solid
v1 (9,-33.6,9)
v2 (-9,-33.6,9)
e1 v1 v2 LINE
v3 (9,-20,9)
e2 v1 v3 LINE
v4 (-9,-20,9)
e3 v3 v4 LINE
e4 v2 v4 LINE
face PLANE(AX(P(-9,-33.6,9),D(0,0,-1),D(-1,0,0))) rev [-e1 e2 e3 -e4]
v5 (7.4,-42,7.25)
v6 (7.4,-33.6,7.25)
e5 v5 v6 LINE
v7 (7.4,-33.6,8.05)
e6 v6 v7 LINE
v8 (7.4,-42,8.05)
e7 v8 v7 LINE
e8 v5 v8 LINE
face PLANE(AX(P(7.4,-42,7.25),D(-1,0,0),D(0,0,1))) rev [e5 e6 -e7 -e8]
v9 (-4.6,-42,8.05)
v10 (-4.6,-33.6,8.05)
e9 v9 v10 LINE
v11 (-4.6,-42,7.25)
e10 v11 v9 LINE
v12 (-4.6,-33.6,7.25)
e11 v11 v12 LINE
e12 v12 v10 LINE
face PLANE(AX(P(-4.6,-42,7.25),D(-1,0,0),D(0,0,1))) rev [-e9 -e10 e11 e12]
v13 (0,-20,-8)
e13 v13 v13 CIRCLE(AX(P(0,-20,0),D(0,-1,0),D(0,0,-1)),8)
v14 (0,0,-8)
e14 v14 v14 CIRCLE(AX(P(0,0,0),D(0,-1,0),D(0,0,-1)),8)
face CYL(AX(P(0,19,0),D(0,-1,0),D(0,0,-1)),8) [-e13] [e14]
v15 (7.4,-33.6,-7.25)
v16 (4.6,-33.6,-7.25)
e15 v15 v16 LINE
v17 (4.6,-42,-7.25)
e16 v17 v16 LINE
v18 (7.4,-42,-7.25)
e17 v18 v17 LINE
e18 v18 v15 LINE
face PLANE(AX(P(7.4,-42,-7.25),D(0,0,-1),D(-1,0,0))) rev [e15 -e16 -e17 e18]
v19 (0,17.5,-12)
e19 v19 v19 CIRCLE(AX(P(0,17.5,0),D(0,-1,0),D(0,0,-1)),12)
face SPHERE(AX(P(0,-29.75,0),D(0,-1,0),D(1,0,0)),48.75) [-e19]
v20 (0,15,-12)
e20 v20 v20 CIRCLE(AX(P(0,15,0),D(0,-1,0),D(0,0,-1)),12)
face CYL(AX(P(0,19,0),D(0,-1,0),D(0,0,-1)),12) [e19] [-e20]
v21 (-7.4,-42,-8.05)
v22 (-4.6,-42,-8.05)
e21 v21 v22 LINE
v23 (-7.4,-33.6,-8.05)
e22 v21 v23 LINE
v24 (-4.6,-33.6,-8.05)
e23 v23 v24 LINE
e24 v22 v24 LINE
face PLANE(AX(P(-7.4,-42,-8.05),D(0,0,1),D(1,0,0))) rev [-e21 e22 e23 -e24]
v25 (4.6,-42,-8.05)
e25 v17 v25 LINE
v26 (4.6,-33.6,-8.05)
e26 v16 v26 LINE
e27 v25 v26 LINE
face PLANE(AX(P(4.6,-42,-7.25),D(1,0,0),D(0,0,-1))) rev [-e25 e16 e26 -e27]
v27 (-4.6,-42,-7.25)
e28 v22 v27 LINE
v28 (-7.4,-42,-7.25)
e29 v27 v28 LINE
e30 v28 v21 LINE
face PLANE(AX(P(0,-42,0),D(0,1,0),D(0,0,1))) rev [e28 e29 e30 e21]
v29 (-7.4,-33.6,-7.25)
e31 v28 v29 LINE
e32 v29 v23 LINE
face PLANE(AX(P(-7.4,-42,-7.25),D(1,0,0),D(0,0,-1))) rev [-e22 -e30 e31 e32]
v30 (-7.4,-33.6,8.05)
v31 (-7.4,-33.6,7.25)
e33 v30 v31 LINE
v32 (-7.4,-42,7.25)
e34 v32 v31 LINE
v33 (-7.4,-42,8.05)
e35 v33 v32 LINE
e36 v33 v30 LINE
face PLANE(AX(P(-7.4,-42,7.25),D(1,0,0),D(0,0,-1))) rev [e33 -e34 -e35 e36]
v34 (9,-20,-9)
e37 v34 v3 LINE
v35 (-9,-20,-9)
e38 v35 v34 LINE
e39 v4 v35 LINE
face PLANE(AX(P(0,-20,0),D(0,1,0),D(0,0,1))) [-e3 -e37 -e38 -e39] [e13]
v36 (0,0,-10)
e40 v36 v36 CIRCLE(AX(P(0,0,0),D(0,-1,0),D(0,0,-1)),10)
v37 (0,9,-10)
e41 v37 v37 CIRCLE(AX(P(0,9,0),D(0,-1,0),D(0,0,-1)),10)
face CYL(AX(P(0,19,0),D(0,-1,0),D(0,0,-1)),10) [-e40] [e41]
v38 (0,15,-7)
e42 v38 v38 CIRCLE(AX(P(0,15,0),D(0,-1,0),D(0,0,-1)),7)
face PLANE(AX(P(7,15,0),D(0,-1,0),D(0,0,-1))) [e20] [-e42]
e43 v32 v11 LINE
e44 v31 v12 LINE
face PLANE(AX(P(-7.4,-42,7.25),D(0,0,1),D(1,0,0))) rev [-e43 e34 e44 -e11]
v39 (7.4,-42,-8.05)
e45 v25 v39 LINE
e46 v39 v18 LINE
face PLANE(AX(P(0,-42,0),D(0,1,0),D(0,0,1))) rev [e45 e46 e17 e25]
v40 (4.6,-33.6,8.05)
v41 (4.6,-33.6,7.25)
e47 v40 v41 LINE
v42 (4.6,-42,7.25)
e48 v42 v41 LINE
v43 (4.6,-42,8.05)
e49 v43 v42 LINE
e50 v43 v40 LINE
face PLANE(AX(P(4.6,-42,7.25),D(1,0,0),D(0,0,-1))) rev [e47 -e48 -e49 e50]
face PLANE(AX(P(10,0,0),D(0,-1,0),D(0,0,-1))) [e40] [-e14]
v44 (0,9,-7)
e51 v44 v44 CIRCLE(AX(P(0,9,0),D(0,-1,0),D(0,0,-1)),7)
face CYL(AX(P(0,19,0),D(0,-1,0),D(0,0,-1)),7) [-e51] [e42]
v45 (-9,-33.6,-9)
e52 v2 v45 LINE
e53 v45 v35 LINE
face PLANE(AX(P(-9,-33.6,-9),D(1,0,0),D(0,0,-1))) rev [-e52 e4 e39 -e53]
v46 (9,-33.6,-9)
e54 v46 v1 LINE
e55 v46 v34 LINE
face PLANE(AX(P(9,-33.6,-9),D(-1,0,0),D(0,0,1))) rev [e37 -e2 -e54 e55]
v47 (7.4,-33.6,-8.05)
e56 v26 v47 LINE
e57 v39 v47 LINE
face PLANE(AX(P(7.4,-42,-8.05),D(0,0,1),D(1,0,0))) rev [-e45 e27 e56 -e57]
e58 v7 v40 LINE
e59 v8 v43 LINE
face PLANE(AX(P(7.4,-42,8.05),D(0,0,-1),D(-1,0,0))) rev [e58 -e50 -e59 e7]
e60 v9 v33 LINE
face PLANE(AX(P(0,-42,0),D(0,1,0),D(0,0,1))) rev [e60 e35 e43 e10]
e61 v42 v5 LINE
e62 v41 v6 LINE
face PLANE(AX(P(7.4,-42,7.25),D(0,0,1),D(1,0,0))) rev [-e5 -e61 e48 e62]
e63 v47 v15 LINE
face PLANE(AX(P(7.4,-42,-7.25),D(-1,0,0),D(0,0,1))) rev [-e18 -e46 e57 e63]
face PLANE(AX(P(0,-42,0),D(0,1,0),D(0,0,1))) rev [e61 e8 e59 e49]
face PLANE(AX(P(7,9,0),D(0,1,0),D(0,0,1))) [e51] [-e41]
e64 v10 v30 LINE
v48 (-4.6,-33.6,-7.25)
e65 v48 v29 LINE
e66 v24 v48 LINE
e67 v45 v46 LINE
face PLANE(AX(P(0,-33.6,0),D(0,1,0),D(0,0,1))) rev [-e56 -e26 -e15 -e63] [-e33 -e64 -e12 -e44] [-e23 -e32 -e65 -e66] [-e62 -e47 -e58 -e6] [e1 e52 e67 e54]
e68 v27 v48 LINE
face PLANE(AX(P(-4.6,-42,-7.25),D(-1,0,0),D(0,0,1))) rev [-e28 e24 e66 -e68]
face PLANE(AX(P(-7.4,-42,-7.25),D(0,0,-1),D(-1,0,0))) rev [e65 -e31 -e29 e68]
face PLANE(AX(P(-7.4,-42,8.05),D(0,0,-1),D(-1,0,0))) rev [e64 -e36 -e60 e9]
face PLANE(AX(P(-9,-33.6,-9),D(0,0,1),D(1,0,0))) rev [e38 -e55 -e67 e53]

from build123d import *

# Parameters (mm, degrees)
ESQUISSE2_W        = 18
ESQUISSE2_H        = 18
BOSS_EXTRU_1_DEPTH = 13.6
ESQUISSE3_W        = 2.8
ESQUISSE3_H        = 0.8
BOSS_EXTRU_2_DEPTH = 8.4


with BuildPart() as part:
    # Esquisse1 → Révolution1 (revolve)
    with BuildSketch(Plane.XY, mode=Mode.PRIVATE) as r_volution1_sk:
        with BuildLine():
            Line((0, 19), (0, 0))
            Line((0, 0), (0, -20))
            Line((0, -20), (8, -20))
            Line((8, -20), (8, 0))
            Line((8, 0), (10, 0))
            Line((10, 0), (10, 9))
            Line((10, 9), (7, 9))
            Line((7, 9), (7, 15))
            Line((7, 15), (12, 15))
            Line((12, 15), (12, 17.5))
            ThreePointArc((12, 17.5), (6.046693311, 18.62354649), (0, 19))
        make_face()
    revolve(r_volution1_sk.sketch.rotate(Axis((0, 19, 0), (0, 1, 0)), 90), axis=Axis((0, 19, 0), (0, 1, 0)))

    # Esquisse2 → Boss.-Extru.1 (add)
    with BuildSketch(Plane.XZ.offset(20)):
        Rectangle(ESQUISSE2_W, ESQUISSE2_H)
    extrude(amount=BOSS_EXTRU_1_DEPTH)

    # Esquisse3 → Boss.-Extru.2 (add)
    with BuildSketch(Plane.XZ.offset(33.6)):
        with Locations((-6, 7.65)):
            Rectangle(ESQUISSE3_W, ESQUISSE3_H)
        with Locations((6, 7.65)):
            Rectangle(ESQUISSE3_W, ESQUISSE3_H)
        with Locations((6, -7.65)):
            Rectangle(ESQUISSE3_W, ESQUISSE3_H)
        with Locations((-6, -7.65)):
            Rectangle(ESQUISSE3_W, ESQUISSE3_H)
    extrude(amount=BOSS_EXTRU_2_DEPTH)


solid = part.part
